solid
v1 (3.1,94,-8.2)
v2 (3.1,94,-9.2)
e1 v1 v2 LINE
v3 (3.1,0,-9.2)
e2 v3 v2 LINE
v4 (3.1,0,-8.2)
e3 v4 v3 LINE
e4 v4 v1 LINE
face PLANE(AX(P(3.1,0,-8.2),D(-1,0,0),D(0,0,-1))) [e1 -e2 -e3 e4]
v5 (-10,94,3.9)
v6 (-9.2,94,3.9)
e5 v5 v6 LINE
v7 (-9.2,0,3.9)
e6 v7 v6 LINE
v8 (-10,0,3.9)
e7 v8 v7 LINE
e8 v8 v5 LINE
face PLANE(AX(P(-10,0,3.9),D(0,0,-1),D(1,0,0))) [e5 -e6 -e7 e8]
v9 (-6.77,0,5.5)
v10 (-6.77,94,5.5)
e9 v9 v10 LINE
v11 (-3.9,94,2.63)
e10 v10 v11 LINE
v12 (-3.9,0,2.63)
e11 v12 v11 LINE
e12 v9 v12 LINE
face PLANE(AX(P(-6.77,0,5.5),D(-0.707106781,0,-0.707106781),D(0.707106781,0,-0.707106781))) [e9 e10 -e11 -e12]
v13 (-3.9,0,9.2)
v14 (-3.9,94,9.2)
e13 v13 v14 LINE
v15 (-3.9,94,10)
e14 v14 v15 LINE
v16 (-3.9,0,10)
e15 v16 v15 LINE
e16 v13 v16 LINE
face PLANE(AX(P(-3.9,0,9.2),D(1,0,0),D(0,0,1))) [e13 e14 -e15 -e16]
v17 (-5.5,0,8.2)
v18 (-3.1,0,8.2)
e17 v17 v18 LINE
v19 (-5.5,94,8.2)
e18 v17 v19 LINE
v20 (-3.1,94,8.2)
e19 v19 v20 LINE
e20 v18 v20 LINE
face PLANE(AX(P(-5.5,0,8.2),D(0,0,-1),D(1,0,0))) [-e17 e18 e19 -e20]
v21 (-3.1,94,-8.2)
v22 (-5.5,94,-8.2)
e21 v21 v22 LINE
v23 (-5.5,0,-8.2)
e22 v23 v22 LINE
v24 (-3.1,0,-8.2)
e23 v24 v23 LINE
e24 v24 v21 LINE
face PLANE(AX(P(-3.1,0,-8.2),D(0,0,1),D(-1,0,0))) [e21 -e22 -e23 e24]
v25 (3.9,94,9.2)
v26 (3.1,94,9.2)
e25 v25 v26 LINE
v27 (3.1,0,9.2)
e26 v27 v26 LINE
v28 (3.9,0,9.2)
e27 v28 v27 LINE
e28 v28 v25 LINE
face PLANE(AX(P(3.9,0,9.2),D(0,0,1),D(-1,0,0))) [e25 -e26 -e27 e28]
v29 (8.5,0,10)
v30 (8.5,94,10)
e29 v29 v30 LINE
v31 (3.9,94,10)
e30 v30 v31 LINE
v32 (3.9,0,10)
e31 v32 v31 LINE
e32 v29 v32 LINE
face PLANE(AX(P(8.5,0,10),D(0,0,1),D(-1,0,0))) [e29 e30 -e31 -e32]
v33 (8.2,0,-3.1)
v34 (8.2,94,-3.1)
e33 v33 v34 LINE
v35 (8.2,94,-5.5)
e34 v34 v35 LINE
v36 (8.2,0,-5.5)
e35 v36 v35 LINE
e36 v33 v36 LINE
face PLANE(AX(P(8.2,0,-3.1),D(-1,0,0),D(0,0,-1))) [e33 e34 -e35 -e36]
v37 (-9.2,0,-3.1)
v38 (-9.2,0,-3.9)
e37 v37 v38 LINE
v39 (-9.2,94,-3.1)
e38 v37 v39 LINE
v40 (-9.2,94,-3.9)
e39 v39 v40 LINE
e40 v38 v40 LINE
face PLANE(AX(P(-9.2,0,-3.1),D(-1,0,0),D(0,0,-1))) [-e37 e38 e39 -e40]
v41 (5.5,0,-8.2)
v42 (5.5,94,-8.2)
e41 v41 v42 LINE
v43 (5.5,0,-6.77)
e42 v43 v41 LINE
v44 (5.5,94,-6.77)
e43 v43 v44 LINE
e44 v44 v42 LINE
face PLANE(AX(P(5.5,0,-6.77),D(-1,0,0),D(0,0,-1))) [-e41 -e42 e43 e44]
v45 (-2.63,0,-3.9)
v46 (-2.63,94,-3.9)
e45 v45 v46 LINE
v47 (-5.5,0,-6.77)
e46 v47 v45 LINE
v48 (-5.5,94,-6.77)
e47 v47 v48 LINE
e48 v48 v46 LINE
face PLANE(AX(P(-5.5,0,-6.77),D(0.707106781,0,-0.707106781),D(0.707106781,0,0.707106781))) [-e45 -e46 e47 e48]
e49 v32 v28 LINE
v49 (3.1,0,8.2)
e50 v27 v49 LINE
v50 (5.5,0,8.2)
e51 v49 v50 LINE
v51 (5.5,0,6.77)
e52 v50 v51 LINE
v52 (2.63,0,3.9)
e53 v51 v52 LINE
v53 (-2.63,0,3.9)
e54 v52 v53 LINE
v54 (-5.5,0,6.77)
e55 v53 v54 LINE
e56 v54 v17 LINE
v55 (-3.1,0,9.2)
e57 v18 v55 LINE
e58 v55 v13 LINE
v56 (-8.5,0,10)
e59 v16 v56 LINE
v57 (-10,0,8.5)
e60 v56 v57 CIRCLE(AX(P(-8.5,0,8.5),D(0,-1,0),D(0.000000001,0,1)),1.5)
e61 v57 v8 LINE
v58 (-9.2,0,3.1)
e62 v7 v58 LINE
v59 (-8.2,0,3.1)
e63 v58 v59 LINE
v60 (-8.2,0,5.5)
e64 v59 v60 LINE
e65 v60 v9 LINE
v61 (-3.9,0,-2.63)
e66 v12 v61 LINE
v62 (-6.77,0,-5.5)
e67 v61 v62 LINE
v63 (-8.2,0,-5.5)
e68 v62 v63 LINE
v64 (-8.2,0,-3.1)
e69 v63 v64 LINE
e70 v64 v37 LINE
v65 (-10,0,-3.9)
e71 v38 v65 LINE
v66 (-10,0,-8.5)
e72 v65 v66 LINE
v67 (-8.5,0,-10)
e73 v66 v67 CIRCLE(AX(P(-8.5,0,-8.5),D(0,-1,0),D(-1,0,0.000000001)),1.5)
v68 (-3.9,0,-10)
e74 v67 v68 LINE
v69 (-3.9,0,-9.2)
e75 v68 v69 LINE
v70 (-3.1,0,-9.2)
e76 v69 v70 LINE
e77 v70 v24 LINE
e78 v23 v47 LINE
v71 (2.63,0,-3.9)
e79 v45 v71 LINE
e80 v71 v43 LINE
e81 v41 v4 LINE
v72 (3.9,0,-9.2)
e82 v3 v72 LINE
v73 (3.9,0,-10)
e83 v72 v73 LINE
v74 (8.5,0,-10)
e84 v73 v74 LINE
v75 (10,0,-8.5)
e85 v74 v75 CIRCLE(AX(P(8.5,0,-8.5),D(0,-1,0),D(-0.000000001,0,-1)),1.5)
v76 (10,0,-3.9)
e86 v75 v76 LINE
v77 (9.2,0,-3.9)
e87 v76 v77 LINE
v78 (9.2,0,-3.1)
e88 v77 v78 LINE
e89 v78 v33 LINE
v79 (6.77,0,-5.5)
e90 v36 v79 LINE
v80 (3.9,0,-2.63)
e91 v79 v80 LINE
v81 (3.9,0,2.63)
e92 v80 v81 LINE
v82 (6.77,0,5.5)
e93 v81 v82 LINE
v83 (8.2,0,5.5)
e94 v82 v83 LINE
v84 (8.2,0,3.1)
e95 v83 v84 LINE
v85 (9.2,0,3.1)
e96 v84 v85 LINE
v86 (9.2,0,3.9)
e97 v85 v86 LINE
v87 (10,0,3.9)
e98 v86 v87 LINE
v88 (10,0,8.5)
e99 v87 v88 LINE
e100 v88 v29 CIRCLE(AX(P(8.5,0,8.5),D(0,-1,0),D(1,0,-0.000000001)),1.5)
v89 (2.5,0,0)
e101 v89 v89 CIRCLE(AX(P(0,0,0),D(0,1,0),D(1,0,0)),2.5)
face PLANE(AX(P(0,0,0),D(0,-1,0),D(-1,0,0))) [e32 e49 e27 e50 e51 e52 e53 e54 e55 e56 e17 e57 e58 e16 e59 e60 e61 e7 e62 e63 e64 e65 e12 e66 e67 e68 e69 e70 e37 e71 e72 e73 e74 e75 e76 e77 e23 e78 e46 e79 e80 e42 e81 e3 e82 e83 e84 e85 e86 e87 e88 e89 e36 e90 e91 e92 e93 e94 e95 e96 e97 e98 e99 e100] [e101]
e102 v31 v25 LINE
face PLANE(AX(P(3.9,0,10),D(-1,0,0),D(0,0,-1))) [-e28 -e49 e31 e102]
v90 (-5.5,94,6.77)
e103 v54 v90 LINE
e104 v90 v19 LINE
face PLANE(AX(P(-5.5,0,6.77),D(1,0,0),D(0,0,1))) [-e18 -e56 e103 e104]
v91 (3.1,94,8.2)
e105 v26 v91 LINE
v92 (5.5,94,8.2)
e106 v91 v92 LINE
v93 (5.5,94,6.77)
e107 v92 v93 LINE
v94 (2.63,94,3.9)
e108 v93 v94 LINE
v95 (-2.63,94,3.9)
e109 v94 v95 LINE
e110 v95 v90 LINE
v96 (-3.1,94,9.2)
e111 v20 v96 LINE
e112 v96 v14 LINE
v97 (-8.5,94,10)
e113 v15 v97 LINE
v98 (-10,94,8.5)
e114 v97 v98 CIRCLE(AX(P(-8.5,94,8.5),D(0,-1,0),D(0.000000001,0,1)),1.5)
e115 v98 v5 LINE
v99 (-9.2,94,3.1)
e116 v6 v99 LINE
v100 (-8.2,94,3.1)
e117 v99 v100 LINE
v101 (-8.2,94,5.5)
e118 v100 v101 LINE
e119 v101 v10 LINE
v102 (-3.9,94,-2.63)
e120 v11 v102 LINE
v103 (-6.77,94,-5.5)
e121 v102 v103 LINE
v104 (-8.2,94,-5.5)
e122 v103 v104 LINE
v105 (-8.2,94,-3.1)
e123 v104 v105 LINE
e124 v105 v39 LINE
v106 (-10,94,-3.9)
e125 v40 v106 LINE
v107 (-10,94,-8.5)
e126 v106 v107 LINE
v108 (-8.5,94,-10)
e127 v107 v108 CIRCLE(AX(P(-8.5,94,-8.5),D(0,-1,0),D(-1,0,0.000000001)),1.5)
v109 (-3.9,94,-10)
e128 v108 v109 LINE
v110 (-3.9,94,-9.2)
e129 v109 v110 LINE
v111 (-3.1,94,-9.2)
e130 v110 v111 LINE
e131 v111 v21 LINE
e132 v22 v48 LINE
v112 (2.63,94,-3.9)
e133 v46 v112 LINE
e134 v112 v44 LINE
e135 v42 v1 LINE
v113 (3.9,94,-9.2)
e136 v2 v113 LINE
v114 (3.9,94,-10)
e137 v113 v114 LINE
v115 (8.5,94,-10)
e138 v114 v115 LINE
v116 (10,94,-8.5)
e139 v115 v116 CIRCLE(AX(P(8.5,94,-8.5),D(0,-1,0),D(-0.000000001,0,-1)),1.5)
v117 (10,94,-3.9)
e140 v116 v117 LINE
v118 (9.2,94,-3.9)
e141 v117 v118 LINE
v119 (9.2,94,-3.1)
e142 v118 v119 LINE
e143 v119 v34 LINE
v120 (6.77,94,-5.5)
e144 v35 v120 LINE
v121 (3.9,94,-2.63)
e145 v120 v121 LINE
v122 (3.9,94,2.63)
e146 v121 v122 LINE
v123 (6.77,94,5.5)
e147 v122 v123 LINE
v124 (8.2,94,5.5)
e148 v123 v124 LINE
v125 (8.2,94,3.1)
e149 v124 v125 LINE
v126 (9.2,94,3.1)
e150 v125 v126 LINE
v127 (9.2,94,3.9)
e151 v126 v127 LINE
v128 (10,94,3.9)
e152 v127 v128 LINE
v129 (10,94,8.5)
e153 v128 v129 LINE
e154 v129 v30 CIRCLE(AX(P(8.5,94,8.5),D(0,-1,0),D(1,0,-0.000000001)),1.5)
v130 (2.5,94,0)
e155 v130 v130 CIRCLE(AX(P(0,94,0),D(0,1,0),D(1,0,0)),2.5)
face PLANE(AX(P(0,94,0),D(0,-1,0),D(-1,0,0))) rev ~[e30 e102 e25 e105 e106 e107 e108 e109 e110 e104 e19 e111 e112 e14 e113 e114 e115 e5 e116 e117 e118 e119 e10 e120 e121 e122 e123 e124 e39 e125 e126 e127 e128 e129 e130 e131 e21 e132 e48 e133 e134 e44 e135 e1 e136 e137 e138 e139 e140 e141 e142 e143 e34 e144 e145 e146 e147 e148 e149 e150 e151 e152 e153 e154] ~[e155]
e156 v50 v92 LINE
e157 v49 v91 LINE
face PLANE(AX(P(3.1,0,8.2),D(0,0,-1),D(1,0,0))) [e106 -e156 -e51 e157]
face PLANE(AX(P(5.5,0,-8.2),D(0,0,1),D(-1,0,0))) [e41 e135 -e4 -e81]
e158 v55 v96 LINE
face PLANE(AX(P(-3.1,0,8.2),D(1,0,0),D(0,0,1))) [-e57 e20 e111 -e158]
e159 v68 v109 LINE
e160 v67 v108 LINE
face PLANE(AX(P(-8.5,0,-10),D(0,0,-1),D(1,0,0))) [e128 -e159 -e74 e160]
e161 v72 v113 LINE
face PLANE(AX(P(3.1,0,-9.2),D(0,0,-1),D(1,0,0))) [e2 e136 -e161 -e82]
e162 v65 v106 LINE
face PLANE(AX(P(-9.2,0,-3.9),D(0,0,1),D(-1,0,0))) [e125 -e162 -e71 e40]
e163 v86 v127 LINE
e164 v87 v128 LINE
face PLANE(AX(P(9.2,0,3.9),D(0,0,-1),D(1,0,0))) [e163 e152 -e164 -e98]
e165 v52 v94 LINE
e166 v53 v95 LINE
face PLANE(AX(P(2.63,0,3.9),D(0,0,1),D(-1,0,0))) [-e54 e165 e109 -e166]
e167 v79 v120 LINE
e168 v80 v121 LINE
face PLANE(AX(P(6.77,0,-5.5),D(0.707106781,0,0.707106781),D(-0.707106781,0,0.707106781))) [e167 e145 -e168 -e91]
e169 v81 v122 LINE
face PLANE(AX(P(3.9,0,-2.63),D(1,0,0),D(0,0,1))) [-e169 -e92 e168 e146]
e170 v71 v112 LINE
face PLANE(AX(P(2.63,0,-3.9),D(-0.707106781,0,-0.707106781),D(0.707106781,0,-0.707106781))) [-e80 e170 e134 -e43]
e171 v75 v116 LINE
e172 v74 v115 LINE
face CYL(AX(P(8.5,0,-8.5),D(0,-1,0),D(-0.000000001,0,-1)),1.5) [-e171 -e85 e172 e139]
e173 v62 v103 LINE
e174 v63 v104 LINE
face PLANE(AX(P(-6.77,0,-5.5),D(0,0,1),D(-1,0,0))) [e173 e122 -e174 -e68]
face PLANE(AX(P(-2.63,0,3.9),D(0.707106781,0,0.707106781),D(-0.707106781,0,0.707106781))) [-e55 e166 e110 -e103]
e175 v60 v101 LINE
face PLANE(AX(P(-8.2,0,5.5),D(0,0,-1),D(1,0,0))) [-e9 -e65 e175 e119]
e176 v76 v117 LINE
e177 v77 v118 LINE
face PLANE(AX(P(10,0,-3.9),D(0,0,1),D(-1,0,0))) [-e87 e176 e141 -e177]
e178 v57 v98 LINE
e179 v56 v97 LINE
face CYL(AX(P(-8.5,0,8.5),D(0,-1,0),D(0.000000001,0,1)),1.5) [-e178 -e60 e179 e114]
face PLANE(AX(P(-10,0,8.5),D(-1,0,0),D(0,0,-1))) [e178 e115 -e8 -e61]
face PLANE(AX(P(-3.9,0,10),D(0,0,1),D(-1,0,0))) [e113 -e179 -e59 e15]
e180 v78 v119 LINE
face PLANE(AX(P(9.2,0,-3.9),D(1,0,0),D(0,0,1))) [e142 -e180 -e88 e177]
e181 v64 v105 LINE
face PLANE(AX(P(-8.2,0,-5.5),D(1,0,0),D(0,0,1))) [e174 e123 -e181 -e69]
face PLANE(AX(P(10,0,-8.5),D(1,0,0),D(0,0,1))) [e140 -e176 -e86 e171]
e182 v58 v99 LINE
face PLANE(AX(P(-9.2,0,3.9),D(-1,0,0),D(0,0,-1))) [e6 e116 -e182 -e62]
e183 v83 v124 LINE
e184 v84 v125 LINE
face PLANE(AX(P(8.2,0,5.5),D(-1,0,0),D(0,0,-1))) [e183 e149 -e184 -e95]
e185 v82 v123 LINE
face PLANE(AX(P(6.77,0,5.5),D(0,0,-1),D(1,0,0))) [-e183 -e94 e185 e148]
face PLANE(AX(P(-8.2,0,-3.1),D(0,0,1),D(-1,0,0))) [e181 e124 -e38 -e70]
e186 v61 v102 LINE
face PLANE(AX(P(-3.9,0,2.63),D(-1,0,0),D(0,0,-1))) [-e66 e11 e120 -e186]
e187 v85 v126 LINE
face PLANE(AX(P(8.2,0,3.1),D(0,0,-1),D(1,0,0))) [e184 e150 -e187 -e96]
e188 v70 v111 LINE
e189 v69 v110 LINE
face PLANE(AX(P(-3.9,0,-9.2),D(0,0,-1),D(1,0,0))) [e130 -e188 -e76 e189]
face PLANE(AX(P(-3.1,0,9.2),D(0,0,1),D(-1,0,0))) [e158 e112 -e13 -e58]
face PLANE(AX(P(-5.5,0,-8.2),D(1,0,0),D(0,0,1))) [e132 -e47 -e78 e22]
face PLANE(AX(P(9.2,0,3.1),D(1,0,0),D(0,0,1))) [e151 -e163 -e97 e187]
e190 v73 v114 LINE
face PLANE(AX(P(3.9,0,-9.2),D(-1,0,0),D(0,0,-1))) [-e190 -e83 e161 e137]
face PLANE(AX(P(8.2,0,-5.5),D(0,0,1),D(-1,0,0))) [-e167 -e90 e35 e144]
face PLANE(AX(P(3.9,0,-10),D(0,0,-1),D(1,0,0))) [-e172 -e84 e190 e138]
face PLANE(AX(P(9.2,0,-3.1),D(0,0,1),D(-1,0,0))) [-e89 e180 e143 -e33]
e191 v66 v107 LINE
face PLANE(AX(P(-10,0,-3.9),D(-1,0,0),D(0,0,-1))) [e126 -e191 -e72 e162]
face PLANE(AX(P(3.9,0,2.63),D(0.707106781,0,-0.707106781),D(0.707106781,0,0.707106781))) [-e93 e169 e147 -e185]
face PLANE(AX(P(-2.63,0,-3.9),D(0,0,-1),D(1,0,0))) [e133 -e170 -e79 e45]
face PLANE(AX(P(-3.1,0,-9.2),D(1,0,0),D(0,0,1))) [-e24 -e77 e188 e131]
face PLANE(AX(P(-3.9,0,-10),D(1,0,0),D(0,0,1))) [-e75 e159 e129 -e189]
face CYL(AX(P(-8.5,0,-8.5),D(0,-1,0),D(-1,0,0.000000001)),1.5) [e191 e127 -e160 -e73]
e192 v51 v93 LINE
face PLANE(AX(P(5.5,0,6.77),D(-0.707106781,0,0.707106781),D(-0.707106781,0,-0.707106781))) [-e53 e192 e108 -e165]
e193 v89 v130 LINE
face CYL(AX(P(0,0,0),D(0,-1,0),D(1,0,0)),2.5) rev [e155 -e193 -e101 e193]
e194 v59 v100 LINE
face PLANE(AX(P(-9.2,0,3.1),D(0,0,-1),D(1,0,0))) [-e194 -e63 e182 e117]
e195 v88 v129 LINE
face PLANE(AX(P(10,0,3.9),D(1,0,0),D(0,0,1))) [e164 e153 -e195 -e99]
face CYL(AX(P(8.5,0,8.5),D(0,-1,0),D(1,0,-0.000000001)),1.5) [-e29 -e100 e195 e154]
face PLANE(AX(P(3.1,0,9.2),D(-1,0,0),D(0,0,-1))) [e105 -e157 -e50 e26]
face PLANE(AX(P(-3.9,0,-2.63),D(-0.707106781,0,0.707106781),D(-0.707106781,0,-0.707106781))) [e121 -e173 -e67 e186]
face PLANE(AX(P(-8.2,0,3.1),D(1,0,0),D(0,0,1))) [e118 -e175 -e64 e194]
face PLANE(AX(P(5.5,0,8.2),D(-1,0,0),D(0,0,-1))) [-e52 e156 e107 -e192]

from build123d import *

# Parameters (mm, degrees)
SKETCH1_R           = 2.5
BOSS_EXTRUDE1_DEPTH = 94


with BuildPart() as part:
    # Sketch1 → Boss-Extrude1 (new body)
    with BuildSketch(Plane(origin=(0, 0, 0), x_dir=(1, 0, 0), z_dir=(0, 1, 0))):
        with BuildLine():
            Line((3.9, 10), (8.5, 10))
            ThreePointArc((8.5, 10), (9.560660172, 9.560660172), (10, 8.5))
            Line((10, 8.5), (10, 3.9))
            Line((10, 3.9), (9.2, 3.9))
            Line((9.2, 3.9), (9.2, 3.1))
            Line((9.2, 3.1), (8.2, 3.1))
            Line((8.2, 3.1), (8.2, 5.5))
            Line((8.2, 5.5), (6.77, 5.5))
            Line((6.77, 5.5), (3.9, 2.63))
            Line((3.9, 2.63), (3.9, 0))
            Line((3.9, 0), (3.9, -2.63))
            Line((3.9, -2.63), (6.77, -5.5))
            Line((6.77, -5.5), (8.2, -5.5))
            Line((8.2, -5.5), (8.2, -3.1))
            Line((8.2, -3.1), (9.2, -3.1))
            Line((9.2, -3.1), (9.2, -3.9))
            Line((9.2, -3.9), (10, -3.9))
            Line((10, -3.9), (10, -8.5))
            ThreePointArc((10, -8.5), (9.560660172, -9.560660172), (8.5, -10))
            Line((8.5, -10), (3.9, -10))
            Line((3.9, -10), (3.9, -9.2))
            Line((3.9, -9.2), (3.1, -9.2))
            Line((3.1, -9.2), (3.1, -8.2))
            Line((3.1, -8.2), (5.5, -8.2))
            Line((5.5, -8.2), (5.5, -6.77))
            Line((5.5, -6.77), (2.63, -3.9))
            Line((2.63, -3.9), (0, -3.9))
            Line((0, -3.9), (-2.63, -3.9))
            Line((-2.63, -3.9), (-5.5, -6.77))
            Line((-5.5, -6.77), (-5.5, -8.2))
            Line((-5.5, -8.2), (-3.1, -8.2))
            Line((-3.1, -8.2), (-3.1, -9.2))
            Line((-3.1, -9.2), (-3.9, -9.2))
            Line((-3.9, -9.2), (-3.9, -10))
            Line((-3.9, -10), (-8.5, -10))
            ThreePointArc((-8.5, -10), (-9.560660172, -9.560660172), (-10, -8.5))
            Line((-10, -8.5), (-10, -3.9))
            Line((-10, -3.9), (-9.2, -3.9))
            Line((-9.2, -3.9), (-9.2, -3.1))
            Line((-9.2, -3.1), (-8.2, -3.1))
            Line((-8.2, -3.1), (-8.2, -5.5))
            Line((-8.2, -5.5), (-6.77, -5.5))
            Line((-6.77, -5.5), (-3.9, -2.63))
            Line((-3.9, -2.63), (-3.9, 0))
            Line((-3.9, 0), (-3.9, 2.63))
            Line((-3.9, 2.63), (-6.77, 5.5))
            Line((-6.77, 5.5), (-8.2, 5.5))
            Line((-8.2, 5.5), (-8.2, 3.1))
            Line((-8.2, 3.1), (-9.2, 3.1))
            Line((-9.2, 3.1), (-9.2, 3.9))
            Line((-9.2, 3.9), (-10, 3.9))
            Line((-10, 3.9), (-10, 8.5))
            ThreePointArc((-10, 8.5), (-9.560660172, 9.560660172), (-8.5, 10))
            Line((-8.5, 10), (-3.9, 10))
            Line((-3.9, 10), (-3.9, 9.2))
            Line((-3.9, 9.2), (-3.1, 9.2))
            Line((-3.1, 9.2), (-3.1, 8.2))
            Line((-3.1, 8.2), (-5.5, 8.2))
            Line((-5.5, 8.2), (-5.5, 6.77))
            Line((-5.5, 6.77), (-2.63, 3.9))
            Line((-2.63, 3.9), (2.63, 3.9))
            Line((2.63, 3.9), (5.5, 6.77))
            Line((5.5, 6.77), (5.5, 8.2))
            Line((5.5, 8.2), (3.1, 8.2))
            Line((3.1, 8.2), (3.1, 9.2))
            Line((3.1, 9.2), (3.9, 9.2))
            Line((3.9, 9.2), (3.9, 10))
        make_face()
        Circle(SKETCH1_R, mode=Mode.SUBTRACT)
    extrude(amount=BOSS_EXTRUDE1_DEPTH)


solid = part.part
